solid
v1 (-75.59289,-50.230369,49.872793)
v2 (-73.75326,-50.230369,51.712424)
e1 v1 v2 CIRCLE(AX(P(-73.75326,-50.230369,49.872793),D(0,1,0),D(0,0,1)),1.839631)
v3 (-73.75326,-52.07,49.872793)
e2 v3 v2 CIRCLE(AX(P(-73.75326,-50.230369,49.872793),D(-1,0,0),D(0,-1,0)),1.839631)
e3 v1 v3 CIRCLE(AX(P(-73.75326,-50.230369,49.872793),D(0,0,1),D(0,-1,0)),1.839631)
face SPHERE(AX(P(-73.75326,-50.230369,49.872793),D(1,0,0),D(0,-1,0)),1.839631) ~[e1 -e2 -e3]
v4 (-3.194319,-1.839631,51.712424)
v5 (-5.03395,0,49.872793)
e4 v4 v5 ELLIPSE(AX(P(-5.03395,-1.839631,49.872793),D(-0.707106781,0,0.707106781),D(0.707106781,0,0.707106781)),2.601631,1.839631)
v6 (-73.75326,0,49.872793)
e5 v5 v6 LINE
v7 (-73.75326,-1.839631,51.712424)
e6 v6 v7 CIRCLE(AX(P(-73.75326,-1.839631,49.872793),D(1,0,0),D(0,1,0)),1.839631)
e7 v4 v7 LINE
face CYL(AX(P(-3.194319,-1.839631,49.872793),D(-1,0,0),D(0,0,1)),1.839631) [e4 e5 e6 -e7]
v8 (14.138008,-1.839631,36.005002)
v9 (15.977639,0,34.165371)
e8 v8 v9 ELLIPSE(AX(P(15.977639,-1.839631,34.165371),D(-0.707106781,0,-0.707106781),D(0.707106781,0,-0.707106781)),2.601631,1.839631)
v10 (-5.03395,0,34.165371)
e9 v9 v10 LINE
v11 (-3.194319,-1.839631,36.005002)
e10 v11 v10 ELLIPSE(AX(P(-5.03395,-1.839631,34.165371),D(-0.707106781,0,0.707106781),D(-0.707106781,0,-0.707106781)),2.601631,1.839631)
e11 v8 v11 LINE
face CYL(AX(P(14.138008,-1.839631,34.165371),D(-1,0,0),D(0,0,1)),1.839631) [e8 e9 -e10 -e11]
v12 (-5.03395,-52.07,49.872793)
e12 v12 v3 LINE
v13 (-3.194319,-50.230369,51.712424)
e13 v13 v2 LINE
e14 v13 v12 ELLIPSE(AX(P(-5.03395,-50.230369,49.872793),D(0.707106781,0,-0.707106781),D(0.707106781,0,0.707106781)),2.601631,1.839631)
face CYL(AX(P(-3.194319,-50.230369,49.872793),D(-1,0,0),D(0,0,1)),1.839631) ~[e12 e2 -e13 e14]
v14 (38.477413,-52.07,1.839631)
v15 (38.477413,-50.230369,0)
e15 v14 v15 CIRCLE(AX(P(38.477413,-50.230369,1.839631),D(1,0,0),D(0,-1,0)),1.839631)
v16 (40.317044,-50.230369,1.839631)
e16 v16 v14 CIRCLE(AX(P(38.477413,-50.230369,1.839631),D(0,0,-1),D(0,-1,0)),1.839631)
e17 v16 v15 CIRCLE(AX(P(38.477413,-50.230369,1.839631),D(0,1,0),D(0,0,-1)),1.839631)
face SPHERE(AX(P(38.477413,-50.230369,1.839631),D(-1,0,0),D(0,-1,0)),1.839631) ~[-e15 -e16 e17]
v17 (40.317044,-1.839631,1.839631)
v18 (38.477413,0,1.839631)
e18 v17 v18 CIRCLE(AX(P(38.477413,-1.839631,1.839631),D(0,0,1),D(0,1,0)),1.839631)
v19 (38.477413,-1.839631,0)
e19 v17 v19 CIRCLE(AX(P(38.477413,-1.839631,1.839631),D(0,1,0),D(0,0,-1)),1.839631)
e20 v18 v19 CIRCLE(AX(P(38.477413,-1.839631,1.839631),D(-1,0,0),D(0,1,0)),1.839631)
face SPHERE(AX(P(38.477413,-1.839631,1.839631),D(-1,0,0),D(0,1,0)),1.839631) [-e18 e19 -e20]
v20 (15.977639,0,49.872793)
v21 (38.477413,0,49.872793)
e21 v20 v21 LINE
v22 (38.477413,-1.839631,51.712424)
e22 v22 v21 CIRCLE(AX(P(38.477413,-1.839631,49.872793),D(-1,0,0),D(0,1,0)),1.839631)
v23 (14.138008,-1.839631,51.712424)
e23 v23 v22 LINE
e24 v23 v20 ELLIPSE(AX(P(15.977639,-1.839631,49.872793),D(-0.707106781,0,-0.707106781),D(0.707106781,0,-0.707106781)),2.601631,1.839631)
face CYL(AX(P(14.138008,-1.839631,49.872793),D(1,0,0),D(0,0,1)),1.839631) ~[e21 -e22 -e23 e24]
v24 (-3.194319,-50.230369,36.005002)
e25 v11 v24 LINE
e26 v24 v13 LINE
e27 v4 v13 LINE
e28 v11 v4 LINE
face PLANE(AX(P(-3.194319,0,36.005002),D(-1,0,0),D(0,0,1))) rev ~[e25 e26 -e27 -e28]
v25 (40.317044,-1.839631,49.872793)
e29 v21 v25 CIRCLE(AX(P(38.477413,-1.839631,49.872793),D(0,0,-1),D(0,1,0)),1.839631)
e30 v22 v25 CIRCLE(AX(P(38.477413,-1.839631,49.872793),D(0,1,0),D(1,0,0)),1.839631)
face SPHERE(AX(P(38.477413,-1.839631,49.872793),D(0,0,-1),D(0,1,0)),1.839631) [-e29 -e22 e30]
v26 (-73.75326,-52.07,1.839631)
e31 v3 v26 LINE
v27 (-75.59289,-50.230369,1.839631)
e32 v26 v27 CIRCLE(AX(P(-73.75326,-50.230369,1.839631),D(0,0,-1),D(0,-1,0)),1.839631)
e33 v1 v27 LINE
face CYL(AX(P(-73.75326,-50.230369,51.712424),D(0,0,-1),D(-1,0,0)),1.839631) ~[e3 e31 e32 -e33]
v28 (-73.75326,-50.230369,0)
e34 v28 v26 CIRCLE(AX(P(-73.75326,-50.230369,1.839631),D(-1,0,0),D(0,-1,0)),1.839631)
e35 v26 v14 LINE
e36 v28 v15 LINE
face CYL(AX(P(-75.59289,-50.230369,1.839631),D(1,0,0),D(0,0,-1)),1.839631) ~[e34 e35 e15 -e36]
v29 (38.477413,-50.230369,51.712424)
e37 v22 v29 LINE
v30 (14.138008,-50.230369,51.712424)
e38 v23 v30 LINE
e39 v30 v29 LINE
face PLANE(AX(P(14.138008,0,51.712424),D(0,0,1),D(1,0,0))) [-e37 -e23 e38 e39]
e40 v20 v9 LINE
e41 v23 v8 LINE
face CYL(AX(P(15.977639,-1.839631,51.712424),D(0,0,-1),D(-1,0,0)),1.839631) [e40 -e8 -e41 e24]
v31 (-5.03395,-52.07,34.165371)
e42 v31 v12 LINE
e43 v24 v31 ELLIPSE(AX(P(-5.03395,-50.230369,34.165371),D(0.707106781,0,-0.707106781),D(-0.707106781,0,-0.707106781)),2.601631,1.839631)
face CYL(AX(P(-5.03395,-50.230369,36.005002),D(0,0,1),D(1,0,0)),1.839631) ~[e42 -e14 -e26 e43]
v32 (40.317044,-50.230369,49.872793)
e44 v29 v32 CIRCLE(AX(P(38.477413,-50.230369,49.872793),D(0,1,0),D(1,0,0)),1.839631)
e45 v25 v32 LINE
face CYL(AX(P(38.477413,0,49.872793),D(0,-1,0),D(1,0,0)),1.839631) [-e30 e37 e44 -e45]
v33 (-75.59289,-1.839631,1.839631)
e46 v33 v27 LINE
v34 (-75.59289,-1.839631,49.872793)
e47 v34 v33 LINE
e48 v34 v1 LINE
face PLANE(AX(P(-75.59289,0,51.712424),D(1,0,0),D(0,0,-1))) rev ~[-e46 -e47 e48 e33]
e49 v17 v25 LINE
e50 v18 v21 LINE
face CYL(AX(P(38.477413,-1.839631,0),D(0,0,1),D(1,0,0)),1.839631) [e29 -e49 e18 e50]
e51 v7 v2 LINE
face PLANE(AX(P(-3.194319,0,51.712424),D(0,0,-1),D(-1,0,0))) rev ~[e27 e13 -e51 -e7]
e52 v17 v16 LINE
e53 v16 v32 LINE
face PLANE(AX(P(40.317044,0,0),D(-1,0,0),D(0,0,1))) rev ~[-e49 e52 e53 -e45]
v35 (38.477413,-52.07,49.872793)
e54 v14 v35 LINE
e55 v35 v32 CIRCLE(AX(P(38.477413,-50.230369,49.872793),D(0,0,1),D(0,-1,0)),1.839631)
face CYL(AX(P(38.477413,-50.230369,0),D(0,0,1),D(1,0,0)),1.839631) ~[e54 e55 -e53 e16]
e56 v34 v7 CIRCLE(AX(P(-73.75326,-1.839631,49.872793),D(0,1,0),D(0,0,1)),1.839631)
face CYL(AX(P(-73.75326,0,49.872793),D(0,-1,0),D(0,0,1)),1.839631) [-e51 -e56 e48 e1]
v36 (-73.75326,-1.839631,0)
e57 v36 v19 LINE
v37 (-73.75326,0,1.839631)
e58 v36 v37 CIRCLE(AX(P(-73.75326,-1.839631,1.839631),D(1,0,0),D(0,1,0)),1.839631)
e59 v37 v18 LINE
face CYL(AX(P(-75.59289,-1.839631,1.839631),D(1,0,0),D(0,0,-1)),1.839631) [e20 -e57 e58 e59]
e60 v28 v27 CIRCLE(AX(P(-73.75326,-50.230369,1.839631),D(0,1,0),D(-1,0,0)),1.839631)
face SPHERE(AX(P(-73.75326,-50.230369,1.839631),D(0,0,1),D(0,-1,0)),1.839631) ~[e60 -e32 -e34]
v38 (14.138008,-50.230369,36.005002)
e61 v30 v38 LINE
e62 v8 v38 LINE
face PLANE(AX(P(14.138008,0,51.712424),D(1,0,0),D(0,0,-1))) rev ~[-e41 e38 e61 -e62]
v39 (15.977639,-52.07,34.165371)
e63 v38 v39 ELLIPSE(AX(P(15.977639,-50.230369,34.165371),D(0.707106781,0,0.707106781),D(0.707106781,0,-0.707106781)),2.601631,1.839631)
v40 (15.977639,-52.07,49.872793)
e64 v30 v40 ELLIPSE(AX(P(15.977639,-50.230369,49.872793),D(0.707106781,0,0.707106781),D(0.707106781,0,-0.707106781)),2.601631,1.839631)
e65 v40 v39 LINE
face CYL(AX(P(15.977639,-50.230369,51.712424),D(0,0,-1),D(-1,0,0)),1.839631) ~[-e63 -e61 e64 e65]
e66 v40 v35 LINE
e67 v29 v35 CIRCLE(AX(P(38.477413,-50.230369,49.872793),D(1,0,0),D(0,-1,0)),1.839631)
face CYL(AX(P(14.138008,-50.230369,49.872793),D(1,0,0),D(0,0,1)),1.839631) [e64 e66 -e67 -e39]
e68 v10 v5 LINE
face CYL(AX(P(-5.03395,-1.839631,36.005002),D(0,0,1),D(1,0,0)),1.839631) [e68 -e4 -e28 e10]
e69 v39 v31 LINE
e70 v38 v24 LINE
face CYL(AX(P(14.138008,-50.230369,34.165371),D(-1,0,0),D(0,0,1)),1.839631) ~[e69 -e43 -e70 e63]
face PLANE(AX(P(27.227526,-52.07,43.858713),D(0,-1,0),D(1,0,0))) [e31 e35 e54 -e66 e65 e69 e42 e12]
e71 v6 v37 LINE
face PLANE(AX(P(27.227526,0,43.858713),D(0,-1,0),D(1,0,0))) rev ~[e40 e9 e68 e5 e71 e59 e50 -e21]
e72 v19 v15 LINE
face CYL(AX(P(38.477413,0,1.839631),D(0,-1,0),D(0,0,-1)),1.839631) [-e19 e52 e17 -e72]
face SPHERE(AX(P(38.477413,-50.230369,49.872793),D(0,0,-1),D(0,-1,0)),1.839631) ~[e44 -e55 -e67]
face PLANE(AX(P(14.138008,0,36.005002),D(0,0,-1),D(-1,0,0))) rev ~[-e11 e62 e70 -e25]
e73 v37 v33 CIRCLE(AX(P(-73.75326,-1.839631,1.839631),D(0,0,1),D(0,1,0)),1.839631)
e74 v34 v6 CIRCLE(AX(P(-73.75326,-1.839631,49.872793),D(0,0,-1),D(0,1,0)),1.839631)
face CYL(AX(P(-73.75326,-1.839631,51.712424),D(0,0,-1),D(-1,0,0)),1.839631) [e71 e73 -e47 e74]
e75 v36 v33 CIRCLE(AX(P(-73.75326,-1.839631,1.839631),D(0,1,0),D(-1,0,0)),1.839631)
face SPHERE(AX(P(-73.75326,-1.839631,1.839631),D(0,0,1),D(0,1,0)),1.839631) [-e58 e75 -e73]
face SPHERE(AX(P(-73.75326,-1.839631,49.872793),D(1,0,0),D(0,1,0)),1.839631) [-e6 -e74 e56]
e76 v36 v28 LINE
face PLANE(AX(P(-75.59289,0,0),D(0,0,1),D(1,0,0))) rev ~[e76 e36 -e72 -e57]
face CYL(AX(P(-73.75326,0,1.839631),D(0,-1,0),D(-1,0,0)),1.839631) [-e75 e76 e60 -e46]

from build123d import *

# Parameters (mm, degrees)
F0_W     = 26.1790351942
F0_H     = 15.7074220479
F0_H_2   = 36.0050015152
F0_W_2   = 25.6373991724
F1_DEPTH = 52.07
F2_R     = 1.8396307345


with BuildPart() as f1:
    # F0 (on Front) → F1 (new body)
    with BuildSketch(Plane.XZ):
        with Locations((27.227526065, 43.8587125391)):
            Rectangle(F0_W, F0_H)
        with Locations((27.227526065, 18.0025007576)):
            Rectangle(F0_W, F0_H_2)
        Polygon((-28.8317184895, 36.0050015152), (-28.8317184895, 0), (14.1380084679, 0), (14.1380084679, 36.0050015152), (-3.1943193171, 36.0050015152), align=None)
        with Locations((-16.0130189033, 43.8587125391)):
            Rectangle(F0_W_2, F0_H)
        Polygon((-75.5928903818, 51.712423563), (-75.5928903818, 0), (-28.8317184895, 0), (-28.8317184895, 36.0050015152), (-28.8317184895, 51.712423563), align=None)
    extrude(amount=F1_DEPTH)

    # F2
    f2_edges = [f1.edges().sort_by_distance(p)[0] for p in [
        (14.138008, 0, 43.858713),
        (5.471845, 0, 36.005002),
        (-3.194319, 0, 43.858713),
        (-39.393605, 0, 51.712424),
        (-75.59289, 0, 25.856212),
        (-17.637923, 0, 0),
        (40.317044, 0, 25.856212),
        (27.227526, 0, 51.712424),
        (14.138008, -52.07, 43.858713),
        (5.471845, -52.07, 36.005002),
        (-3.194319, -52.07, 43.858713),
        (-39.393605, -52.07, 51.712424),
        (-75.59289, -52.07, 25.856212),
        (-17.637923, -52.07, 0),
        (40.317044, -52.07, 25.856212),
        (27.227526, -52.07, 51.712424),
        (40.317044, -26.035, 0),
        (40.317044, -26.035, 51.712424),
        (-75.59289, -26.035, 51.712424),
        (-75.59289, -26.035, 0),
    ]]
    fillet(f2_edges, radius=F2_R)


solid = f1.part
